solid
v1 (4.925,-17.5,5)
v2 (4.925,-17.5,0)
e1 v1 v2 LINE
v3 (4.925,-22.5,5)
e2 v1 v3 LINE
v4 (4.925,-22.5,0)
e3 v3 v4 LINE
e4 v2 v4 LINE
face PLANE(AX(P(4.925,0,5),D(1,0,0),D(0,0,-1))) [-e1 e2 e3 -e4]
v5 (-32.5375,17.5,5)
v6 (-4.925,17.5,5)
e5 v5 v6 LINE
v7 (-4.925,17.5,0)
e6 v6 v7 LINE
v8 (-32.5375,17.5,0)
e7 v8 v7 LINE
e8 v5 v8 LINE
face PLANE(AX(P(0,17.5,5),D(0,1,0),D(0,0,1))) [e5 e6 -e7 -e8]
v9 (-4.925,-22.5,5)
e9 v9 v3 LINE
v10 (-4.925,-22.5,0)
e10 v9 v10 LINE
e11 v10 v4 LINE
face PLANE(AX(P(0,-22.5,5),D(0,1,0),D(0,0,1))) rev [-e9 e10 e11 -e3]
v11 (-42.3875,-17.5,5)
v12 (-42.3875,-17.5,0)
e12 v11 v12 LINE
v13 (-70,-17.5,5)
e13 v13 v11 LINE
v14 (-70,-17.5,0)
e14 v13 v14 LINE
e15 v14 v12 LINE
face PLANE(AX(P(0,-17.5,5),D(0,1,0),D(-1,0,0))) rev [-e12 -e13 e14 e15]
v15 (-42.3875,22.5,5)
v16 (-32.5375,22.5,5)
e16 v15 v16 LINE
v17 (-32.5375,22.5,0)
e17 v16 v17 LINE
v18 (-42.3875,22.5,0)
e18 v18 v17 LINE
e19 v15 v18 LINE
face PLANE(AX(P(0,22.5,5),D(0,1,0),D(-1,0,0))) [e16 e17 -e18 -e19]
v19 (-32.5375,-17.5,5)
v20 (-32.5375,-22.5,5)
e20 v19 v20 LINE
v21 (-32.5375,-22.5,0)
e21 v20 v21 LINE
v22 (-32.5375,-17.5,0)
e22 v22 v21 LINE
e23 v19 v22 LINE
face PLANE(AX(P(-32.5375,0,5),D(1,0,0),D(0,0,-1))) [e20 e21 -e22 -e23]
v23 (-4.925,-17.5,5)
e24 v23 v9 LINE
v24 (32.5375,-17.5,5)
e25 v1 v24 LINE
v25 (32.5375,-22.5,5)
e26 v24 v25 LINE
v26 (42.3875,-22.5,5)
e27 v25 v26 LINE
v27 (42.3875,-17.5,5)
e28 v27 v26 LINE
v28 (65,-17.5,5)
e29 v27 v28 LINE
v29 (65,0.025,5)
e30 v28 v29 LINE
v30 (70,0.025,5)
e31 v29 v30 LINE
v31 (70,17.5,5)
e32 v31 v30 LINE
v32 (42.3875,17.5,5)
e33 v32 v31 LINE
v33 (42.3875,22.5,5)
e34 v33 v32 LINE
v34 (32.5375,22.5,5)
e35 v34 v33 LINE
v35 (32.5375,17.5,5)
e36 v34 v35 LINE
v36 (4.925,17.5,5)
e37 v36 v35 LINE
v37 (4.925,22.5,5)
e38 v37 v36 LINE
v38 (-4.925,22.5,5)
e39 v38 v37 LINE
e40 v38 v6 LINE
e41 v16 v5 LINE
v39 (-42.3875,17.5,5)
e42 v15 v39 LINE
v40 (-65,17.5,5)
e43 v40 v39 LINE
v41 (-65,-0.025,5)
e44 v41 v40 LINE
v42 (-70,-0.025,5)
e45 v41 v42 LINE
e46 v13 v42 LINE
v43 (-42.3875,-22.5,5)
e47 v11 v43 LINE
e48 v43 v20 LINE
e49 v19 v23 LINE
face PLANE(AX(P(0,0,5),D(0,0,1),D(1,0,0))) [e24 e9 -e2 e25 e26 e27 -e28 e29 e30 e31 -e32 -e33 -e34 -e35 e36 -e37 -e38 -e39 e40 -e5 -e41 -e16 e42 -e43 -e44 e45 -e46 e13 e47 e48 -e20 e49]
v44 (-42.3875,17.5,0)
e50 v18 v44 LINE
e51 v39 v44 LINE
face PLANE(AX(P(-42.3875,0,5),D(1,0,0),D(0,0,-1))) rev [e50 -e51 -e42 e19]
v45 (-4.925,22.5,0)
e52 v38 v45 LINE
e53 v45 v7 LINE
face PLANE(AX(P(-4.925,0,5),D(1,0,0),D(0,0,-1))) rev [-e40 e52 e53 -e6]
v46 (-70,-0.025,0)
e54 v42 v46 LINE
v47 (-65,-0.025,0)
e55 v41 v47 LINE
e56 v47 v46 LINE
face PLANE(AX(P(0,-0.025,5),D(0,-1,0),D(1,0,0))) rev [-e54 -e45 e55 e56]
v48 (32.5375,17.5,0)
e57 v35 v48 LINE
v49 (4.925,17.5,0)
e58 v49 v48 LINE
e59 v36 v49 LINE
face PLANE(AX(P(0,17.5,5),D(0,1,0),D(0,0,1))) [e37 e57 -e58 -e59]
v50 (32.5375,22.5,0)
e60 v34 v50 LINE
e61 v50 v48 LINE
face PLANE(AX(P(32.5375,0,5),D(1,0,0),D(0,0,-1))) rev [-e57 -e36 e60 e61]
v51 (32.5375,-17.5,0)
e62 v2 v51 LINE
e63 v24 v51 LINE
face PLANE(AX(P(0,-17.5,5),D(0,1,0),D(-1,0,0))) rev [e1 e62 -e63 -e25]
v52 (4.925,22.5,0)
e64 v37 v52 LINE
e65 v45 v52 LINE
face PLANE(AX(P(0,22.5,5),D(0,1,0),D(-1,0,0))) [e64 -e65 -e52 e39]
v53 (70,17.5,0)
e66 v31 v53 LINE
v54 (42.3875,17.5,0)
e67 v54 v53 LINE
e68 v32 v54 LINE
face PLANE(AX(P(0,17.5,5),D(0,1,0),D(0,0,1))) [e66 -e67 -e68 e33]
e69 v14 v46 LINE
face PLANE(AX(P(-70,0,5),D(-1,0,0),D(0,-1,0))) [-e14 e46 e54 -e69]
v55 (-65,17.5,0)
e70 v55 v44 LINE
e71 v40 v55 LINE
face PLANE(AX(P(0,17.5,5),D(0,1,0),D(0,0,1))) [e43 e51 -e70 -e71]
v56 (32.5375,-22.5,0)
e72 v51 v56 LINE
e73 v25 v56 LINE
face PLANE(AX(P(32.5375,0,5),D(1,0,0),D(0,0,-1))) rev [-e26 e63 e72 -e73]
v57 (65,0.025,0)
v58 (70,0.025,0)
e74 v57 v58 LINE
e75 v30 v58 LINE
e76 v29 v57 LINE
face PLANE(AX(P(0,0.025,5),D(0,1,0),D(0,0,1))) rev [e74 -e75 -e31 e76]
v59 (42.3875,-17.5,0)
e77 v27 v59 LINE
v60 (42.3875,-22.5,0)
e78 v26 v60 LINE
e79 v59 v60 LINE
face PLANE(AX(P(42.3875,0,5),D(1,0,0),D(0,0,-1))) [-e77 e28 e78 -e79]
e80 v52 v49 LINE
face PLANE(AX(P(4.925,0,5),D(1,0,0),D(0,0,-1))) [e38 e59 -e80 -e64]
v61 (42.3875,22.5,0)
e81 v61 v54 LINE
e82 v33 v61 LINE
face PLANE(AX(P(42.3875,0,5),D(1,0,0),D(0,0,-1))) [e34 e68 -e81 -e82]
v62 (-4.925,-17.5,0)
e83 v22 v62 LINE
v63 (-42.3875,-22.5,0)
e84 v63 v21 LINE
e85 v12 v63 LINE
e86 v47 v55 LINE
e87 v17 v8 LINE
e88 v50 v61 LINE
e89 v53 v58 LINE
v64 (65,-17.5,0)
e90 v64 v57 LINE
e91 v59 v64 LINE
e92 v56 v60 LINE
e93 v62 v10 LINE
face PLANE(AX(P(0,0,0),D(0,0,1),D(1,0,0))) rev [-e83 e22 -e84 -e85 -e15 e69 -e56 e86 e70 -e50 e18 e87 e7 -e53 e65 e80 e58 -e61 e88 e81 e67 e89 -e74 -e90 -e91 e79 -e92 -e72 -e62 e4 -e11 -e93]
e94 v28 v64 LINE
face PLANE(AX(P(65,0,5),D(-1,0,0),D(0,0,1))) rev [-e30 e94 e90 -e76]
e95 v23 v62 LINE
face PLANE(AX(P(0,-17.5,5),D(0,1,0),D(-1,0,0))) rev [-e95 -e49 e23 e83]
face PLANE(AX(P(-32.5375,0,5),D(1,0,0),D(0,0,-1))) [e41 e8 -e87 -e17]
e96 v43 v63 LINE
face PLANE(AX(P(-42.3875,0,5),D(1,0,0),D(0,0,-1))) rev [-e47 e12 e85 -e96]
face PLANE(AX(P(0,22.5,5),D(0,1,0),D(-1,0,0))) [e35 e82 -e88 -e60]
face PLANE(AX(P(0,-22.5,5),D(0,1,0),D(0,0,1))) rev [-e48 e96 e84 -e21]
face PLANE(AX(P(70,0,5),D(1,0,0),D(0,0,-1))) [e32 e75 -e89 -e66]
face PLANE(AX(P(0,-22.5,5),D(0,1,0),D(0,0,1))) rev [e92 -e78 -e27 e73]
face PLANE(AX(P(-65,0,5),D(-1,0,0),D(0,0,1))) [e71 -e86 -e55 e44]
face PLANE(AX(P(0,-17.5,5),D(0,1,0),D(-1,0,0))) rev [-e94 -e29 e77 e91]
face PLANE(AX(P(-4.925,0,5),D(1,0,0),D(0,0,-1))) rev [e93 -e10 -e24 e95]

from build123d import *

# Parameters (mm, degrees)
SKETCH2_W           = 130
SKETCH2_H           = 35
SKETCH2_W_2         = 5
SKETCH2_H_2         = 17.475
SKETCH2_W_3         = 9.85
SKETCH2_H_3         = 5
BOSS_EXTRUDE1_DEPTH = 5


with BuildPart() as part:
    # Sketch2 → Boss-Extrude1 (new body)
    with BuildSketch(Plane.XY):
        Rectangle(SKETCH2_W, SKETCH2_H)
        with Locations((-67.5, -8.7625)):
            Rectangle(SKETCH2_W_2, SKETCH2_H_2)
        with Locations((-37.4625, 20)):
            Rectangle(SKETCH2_W_3, SKETCH2_H_3)
        with Locations((0, 20)):
            Rectangle(SKETCH2_W_3, SKETCH2_H_3)
        with Locations((37.4625, 20)):
            Rectangle(SKETCH2_W_3, SKETCH2_H_3)
        with Locations((67.5, 8.7625)):
            Rectangle(SKETCH2_W_2, SKETCH2_H_2)
        with Locations((37.4625, -20)):
            Rectangle(SKETCH2_W_3, SKETCH2_H_3)
        with Locations((0, -20)):
            Rectangle(SKETCH2_W_3, SKETCH2_H_3)
        with Locations((-37.4625, -20)):
            Rectangle(SKETCH2_W_3, SKETCH2_H_3)
    extrude(amount=BOSS_EXTRUDE1_DEPTH)


solid = part.part
